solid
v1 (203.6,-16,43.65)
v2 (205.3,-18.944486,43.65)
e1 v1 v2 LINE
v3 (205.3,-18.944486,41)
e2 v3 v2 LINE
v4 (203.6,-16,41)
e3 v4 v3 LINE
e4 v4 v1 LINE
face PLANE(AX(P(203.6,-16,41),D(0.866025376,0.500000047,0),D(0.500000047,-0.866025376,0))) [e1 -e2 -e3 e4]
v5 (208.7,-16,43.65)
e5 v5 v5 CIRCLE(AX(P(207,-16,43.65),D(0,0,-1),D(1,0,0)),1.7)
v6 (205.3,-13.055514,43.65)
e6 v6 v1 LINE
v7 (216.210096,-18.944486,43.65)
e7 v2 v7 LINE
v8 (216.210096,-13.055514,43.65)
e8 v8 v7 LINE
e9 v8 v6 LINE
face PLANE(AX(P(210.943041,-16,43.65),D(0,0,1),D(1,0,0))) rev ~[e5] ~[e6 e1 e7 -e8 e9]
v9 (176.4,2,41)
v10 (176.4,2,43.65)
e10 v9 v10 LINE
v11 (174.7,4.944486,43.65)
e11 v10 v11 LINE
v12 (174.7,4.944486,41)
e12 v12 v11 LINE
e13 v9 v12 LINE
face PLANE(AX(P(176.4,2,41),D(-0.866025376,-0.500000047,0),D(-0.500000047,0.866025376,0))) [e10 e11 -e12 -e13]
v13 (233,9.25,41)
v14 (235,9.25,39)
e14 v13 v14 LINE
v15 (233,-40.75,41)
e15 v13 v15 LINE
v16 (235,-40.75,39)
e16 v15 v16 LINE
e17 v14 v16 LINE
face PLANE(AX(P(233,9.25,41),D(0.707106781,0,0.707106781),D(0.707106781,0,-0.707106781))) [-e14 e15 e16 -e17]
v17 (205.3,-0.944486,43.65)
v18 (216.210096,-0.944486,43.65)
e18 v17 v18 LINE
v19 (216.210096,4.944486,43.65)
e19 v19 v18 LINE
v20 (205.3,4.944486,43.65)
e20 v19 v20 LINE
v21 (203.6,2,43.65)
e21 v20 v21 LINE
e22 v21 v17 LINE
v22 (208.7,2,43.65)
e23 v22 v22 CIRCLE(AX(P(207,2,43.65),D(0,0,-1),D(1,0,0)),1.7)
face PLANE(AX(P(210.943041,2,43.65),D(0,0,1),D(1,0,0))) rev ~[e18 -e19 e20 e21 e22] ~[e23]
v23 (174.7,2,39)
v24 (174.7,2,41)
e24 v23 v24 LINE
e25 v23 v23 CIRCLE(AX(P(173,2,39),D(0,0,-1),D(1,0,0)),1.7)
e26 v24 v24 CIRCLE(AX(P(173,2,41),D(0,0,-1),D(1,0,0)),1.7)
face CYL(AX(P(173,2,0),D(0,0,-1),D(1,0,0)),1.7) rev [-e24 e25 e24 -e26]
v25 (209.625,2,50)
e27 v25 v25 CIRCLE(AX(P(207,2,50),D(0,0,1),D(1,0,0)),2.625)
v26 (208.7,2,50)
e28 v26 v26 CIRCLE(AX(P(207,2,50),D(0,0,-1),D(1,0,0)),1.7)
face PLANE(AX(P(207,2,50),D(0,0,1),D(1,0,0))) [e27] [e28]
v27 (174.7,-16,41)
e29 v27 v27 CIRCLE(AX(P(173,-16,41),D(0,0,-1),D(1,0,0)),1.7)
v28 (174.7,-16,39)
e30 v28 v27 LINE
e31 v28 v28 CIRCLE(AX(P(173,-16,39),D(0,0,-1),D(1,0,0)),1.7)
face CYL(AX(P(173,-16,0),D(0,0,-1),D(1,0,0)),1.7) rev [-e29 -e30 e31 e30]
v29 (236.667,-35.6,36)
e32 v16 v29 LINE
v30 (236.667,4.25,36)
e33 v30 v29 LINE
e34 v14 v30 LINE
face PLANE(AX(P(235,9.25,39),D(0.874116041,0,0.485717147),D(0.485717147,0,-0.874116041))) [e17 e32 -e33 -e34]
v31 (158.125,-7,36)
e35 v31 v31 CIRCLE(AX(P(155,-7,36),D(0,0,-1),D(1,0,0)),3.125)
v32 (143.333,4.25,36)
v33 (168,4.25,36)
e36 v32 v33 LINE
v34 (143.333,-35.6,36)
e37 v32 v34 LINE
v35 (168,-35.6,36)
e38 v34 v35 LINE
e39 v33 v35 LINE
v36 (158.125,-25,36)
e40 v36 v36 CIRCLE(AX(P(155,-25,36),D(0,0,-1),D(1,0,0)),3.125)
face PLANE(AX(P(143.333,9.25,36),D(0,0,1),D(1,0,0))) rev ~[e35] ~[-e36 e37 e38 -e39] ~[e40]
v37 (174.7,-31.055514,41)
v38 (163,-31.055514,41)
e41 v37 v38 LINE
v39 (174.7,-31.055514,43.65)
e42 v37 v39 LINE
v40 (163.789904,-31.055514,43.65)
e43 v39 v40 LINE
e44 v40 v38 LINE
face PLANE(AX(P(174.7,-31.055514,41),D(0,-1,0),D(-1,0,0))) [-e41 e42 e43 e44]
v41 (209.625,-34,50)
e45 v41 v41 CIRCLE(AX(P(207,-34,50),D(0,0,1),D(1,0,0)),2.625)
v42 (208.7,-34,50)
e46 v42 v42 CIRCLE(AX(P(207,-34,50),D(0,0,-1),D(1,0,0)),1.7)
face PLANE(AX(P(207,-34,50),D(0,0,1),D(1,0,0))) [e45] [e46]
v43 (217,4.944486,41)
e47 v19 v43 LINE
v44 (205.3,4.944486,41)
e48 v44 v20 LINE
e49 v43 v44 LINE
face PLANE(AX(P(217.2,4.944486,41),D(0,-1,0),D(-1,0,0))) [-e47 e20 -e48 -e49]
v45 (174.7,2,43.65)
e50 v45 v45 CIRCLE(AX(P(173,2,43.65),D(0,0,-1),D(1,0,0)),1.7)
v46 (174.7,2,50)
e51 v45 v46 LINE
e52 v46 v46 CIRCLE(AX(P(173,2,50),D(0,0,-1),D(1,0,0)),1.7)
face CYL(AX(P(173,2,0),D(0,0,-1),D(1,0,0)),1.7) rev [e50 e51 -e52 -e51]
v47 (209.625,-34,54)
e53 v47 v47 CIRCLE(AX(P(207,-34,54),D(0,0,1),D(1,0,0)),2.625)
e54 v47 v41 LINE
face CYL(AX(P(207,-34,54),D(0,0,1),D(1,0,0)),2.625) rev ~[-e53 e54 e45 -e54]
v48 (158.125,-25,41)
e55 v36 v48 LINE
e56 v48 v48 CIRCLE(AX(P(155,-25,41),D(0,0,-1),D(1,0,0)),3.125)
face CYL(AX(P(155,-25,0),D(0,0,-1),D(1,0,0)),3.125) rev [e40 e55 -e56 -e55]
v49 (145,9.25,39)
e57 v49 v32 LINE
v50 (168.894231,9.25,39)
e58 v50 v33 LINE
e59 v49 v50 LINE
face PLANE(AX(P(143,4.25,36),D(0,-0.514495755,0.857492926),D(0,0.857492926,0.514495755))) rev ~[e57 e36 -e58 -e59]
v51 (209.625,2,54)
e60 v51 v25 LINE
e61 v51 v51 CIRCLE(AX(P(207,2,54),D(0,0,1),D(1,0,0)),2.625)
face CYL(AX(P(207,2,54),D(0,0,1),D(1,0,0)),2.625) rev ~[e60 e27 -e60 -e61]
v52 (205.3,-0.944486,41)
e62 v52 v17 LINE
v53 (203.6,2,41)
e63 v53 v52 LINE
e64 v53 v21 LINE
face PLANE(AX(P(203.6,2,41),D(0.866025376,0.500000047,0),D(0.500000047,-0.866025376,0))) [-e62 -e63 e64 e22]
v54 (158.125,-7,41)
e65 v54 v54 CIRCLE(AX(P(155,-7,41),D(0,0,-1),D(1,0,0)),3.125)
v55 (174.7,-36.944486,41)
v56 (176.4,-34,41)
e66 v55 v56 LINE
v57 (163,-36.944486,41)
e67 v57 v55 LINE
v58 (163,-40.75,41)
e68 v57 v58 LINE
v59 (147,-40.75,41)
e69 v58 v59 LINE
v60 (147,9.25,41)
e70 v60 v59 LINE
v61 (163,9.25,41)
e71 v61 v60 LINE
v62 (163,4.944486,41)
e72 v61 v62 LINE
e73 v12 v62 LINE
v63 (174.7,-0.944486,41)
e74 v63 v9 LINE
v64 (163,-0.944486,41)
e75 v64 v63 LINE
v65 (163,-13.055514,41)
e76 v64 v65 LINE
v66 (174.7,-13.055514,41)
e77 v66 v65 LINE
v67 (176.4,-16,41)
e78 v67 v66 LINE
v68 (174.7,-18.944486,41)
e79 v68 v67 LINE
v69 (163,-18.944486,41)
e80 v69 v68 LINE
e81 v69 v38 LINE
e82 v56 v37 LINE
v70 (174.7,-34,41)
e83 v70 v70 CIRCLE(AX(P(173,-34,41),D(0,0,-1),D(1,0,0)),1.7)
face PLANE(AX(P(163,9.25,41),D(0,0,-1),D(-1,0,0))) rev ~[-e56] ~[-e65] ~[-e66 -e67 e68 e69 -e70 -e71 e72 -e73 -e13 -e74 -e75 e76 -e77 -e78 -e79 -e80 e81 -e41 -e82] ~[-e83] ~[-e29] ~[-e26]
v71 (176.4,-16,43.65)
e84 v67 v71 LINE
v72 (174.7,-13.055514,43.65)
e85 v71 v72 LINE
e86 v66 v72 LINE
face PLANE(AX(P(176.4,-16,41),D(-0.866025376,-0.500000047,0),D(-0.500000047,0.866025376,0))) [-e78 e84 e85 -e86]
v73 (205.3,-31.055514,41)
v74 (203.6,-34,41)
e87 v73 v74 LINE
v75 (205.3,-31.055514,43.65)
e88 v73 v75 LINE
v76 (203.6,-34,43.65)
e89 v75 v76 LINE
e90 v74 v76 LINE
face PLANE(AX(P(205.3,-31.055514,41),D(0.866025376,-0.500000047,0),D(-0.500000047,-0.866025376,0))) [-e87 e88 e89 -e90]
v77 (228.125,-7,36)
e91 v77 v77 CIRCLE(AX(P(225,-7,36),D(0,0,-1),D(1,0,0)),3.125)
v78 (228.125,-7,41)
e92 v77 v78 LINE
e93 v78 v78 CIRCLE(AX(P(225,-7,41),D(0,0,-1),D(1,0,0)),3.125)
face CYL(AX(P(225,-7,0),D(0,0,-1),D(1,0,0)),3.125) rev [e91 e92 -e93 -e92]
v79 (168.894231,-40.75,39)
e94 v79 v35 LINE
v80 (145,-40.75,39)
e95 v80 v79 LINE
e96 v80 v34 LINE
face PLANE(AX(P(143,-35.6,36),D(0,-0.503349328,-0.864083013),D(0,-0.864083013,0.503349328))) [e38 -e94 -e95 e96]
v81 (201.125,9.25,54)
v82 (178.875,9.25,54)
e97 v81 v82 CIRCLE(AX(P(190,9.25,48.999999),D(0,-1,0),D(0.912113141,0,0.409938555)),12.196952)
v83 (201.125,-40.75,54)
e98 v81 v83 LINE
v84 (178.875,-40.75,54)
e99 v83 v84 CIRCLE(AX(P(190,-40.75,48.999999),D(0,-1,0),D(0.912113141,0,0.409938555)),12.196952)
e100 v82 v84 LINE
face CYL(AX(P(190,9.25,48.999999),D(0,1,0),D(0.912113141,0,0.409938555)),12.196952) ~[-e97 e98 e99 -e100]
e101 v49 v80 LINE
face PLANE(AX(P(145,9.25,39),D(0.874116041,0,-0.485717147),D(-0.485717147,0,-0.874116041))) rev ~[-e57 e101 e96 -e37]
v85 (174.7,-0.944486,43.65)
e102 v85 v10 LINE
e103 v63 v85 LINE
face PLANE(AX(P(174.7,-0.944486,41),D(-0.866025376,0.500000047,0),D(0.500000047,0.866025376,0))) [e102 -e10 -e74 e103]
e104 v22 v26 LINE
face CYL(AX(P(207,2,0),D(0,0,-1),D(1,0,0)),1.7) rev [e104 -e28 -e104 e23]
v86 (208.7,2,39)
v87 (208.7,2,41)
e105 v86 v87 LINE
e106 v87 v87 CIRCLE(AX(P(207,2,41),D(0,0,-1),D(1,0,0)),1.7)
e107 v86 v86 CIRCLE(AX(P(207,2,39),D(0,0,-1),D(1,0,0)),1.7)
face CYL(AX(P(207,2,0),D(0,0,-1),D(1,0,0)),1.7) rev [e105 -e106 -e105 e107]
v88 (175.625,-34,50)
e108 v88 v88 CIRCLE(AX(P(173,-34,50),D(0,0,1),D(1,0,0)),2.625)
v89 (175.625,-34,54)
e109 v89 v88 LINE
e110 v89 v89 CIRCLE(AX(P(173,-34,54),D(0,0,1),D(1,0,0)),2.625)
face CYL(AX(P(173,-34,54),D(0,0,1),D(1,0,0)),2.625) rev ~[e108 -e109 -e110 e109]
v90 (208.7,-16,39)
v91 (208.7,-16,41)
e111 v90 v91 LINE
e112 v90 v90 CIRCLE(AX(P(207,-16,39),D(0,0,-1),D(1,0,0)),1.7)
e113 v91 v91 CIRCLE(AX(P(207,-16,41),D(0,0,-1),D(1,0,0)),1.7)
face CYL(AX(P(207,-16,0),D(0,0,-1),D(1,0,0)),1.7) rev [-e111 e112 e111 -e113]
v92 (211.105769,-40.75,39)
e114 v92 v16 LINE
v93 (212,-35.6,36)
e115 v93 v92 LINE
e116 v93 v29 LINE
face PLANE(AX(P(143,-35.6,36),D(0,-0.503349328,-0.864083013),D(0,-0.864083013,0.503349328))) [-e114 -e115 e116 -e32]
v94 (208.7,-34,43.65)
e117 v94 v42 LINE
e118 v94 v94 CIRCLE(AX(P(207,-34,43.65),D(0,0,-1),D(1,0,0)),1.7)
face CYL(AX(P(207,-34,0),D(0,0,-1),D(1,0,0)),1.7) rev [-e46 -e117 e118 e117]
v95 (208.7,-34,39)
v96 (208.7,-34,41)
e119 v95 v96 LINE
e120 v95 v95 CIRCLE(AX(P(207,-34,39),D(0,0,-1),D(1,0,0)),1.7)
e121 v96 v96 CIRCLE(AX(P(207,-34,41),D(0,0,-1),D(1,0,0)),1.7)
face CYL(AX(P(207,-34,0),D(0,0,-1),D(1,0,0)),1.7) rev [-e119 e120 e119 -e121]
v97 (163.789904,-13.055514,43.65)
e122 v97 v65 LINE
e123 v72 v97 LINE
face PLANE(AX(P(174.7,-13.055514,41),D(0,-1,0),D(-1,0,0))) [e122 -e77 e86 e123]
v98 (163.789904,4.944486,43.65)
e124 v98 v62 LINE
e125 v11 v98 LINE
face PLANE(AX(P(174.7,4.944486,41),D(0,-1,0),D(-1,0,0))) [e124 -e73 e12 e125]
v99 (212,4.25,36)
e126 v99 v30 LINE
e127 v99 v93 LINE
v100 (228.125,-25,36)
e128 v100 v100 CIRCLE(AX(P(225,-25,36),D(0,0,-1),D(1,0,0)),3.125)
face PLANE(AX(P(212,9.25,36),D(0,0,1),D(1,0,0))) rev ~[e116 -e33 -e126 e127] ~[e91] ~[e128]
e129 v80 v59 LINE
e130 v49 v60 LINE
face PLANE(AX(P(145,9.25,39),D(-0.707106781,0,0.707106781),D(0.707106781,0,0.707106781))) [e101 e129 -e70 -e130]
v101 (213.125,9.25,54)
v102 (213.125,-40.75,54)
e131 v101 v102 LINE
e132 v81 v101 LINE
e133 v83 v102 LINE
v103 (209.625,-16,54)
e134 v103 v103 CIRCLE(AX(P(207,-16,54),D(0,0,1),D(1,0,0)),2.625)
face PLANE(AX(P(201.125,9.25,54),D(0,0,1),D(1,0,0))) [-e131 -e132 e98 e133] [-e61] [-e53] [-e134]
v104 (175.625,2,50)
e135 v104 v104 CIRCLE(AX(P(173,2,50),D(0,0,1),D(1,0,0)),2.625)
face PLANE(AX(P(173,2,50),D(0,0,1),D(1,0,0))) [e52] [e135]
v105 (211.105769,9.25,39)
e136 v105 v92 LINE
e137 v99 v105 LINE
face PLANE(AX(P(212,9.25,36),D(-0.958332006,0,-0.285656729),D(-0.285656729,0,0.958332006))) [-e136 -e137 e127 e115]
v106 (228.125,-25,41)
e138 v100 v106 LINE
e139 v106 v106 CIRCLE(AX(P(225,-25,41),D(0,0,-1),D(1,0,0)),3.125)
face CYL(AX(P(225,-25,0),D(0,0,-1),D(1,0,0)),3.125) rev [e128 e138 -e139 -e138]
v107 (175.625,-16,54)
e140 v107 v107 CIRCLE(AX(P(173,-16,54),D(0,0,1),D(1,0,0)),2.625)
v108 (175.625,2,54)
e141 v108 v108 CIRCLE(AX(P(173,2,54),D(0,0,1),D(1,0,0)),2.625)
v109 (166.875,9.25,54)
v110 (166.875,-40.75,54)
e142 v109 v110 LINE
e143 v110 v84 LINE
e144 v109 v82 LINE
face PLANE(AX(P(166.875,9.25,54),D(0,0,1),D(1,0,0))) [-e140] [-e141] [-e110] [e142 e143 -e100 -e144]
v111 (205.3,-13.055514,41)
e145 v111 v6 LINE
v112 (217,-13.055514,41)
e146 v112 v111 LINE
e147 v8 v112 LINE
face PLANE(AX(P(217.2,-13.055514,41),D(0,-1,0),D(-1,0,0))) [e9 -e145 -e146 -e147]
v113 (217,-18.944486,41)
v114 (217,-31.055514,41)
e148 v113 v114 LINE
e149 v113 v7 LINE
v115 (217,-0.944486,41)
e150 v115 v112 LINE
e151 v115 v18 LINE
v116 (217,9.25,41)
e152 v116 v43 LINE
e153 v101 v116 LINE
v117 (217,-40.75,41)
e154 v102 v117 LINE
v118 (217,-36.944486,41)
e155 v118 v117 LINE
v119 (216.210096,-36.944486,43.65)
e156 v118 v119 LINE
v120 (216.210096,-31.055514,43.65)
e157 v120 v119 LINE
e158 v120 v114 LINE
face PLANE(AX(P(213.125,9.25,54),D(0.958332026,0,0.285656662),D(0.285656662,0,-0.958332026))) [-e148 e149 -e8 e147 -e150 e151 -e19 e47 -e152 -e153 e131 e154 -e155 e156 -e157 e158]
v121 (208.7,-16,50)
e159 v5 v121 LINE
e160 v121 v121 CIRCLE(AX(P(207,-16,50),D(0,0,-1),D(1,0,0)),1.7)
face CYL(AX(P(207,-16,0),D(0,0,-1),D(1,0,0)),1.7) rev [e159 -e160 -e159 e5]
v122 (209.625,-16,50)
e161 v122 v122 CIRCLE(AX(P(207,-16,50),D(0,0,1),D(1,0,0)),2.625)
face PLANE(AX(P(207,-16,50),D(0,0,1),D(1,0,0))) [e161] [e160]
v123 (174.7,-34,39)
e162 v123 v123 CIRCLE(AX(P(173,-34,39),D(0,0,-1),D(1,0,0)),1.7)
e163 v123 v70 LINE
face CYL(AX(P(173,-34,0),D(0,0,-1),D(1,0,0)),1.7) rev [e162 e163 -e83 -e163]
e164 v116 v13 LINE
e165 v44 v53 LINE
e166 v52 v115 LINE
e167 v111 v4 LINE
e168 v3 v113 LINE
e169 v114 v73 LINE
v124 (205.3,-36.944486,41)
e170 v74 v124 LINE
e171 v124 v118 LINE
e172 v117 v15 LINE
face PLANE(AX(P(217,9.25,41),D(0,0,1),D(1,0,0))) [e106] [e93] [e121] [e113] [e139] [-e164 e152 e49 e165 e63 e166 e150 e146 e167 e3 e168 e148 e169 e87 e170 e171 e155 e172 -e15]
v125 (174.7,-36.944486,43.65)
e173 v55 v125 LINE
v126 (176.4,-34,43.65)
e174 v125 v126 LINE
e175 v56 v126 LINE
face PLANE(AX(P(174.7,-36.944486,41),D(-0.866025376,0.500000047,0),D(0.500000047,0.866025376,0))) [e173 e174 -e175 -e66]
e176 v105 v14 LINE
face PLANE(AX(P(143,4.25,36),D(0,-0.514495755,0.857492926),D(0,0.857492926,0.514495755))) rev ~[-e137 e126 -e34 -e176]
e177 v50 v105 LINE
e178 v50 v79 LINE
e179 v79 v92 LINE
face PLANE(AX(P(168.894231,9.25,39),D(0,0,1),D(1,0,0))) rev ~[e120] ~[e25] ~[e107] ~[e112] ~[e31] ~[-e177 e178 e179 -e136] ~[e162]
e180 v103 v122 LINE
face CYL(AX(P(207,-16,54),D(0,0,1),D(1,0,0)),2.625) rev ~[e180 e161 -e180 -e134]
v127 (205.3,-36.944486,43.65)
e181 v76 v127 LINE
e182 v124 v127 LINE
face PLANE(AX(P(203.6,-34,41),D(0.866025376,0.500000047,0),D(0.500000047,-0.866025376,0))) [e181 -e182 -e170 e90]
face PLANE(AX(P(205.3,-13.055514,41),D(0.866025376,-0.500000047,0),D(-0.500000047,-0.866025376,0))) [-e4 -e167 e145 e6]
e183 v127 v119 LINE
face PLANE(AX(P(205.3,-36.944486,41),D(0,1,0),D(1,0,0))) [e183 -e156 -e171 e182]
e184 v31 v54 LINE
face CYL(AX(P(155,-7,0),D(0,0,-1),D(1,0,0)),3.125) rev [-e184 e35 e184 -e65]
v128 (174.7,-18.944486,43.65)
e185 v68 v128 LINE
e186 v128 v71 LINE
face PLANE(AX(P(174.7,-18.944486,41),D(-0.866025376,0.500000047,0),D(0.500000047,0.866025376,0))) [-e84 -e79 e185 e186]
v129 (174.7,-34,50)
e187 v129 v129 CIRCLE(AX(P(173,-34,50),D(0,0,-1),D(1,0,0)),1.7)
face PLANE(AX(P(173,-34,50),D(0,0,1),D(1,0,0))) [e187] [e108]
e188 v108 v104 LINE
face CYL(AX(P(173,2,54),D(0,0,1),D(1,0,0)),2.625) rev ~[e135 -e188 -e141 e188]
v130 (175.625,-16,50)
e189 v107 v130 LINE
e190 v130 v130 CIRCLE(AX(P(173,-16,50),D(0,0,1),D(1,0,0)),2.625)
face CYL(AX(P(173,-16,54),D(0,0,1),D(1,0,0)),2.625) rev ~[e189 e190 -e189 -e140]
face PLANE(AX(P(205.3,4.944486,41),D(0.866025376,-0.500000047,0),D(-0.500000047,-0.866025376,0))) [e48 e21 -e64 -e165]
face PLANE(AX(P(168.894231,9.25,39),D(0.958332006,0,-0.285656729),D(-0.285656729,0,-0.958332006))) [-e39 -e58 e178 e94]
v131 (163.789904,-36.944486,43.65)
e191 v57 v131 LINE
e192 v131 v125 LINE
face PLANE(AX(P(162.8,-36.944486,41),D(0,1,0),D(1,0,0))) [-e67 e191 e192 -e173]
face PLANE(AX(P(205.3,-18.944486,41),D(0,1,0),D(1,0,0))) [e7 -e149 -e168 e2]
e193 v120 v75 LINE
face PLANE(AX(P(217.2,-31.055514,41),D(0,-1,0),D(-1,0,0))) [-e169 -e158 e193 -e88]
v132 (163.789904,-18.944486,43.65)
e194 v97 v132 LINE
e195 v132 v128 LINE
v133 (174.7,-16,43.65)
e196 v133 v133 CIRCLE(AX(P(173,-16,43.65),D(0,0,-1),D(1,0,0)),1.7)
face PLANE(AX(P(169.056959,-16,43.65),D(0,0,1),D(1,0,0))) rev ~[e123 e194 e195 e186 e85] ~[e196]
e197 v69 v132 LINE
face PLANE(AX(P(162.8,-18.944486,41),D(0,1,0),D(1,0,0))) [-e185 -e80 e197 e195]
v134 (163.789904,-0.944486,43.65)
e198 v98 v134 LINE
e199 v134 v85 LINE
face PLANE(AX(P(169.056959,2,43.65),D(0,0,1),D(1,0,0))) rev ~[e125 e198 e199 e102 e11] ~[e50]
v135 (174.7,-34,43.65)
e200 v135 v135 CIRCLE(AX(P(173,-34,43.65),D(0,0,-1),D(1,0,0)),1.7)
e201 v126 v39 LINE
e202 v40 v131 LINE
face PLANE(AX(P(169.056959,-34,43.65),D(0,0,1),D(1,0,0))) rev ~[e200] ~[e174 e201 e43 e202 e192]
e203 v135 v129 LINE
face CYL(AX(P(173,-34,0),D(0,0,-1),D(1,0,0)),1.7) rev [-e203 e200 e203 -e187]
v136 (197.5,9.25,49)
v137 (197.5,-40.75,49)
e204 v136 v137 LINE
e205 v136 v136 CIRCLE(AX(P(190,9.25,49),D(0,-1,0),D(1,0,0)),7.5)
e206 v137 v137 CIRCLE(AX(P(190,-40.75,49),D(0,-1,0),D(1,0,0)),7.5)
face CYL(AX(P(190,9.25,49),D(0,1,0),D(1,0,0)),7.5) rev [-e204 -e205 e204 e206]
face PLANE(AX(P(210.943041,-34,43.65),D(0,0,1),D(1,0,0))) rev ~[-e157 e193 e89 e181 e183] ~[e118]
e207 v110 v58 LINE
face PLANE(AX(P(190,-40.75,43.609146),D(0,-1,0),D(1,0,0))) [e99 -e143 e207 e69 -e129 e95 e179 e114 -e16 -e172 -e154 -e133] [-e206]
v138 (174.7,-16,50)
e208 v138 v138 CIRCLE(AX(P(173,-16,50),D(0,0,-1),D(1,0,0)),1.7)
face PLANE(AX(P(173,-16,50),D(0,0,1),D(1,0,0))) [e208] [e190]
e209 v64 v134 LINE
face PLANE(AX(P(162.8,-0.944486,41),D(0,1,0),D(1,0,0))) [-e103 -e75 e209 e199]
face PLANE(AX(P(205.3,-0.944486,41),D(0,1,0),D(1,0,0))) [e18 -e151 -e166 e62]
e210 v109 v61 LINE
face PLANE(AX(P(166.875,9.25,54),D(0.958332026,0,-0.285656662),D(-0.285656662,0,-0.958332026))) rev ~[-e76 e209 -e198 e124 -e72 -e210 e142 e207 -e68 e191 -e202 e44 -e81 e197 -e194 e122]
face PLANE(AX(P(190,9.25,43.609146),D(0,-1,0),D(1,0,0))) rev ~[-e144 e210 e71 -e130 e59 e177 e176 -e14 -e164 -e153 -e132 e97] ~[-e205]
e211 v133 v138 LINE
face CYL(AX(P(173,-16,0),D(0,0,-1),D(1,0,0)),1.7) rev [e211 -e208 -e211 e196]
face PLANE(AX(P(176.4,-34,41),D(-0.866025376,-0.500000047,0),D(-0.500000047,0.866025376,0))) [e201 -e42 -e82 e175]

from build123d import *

# Parameters (mm, degrees)
SKETCH001_R     = 7.5
PAD_DEPTH       = 50
POCKET_DEPTH    = 93.668
SKETCH002_R     = 3.125
POCKET001_DEPTH = 61.197951
SKETCH003_R     = 1.7
POCKET002_DEPTH = 61.197951
SKETCH004_R     = 2.625
POCKET003_DEPTH = 4
POCKET004_DEPTH = 2.65
SKETCH006_W     = 90
SKETCH006_H     = 15
POCKET005_DEPTH = 5


with BuildPart() as part:
    # Sketch001 → Pad (new body)
    with BuildSketch(Plane.XZ.offset(-9.25)):
        with BuildLine():
            Line((168.894231, 39), (211.105769, 39))
            Line((212, 36), (211.105769, 39))
            Line((212, 36), (236.667, 36))
            Line((235, 39), (236.667, 36))
            Line((233, 41), (235, 39))
            Line((217, 41), (233, 41))
            Line((213.125, 54), (217, 41))
            Line((201.125, 54), (213.125, 54))
            ThreePointArc((201.125, 54), (190, 61.196951), (178.875, 54))
            Line((166.875, 54), (178.875, 54))
            Line((166.875, 54), (163, 41))
            Line((163, 41), (147, 41))
            Line((145, 39), (147, 41))
            Line((145, 39), (143.333, 36))
            Line((143.333, 36), (168, 36))
            Line((168.894231, 39), (168, 36))
        make_face()
        with Locations((190, 49)):
            Circle(SKETCH001_R, mode=Mode.SUBTRACT)
    extrude(amount=PAD_DEPTH)

    # Sketch → Pocket (cut, through all)
    with BuildSketch(Plane.YZ.offset(143)):
        Polygon((4.25, 36), (9.25, 39), (9.25, 36), align=None)
        Polygon((-35.6, 36), (-40.75, 39), (-40.75, 36), align=None)
    extrude(amount=POCKET_DEPTH, mode=Mode.SUBTRACT)

    # Sketch002 → Pocket001 (cut, through all)
    with BuildSketch(Plane.XY):
        with Locations((155, -7)):
            Circle(SKETCH002_R)
        with Locations((155, -25)):
            Circle(SKETCH002_R)
        with Locations((225, -7)):
            Circle(SKETCH002_R)
        with Locations((225, -25)):
            Circle(SKETCH002_R)
    extrude(amount=POCKET001_DEPTH, mode=Mode.SUBTRACT)

    # Sketch003 → Pocket002 (cut, through all)
    with BuildSketch(Plane.XY):
        with Locations((173, 2)):
            Circle(SKETCH003_R)
        with Locations((173, -16)):
            Circle(SKETCH003_R)
        with Locations((173, -34)):
            Circle(SKETCH003_R)
        with Locations((207, 2)):
            Circle(SKETCH003_R)
        with Locations((207, -16)):
            Circle(SKETCH003_R)
        with Locations((207, -34)):
            Circle(SKETCH003_R)
    extrude(amount=POCKET002_DEPTH, mode=Mode.SUBTRACT)

    # Sketch004 → Pocket003 (cut)
    with BuildSketch(Plane.XY.offset(54)):
        with Locations((173, 2)):
            Circle(SKETCH004_R)
        with Locations((207, -16)):
            Circle(SKETCH004_R)
        with Locations((173, -16)):
            Circle(SKETCH004_R)
        with Locations((173, -34)):
            Circle(SKETCH004_R)
        with Locations((207, -34)):
            Circle(SKETCH004_R)
        with Locations((207, 2)):
            Circle(SKETCH004_R)
    extrude(amount=-POCKET003_DEPTH, mode=Mode.SUBTRACT)

    # Sketch005 → Pocket004 (cut)
    with BuildSketch(Plane.XY.offset(41)):
        Polygon((174.7, 4.944486), (171.3, 4.944486), (162.8, 4.944486), (162.8, -0.944486), (171.3, -0.944486), (174.7, -0.944486), (176.4, 2), align=None)
        Polygon((176.4, -16), (174.7, -13.055514), (171.3, -13.055514), (162.8, -13.055514), (162.8, -18.944486), (171.3, -18.944486), (174.7, -18.944486), align=None)
        Polygon((176.4, -34), (174.7, -31.055514), (171.3, -31.055514), (162.8, -31.055514), (162.8, -36.944486), (171.3, -36.944486), (174.7, -36.944486), align=None)
        Polygon((203.6, 2), (205.3, -0.944486), (208.7, -0.944486), (217.2, -0.944486), (217.2, 4.944486), (208.7, 4.944486), (205.3, 4.944486), align=None)
        Polygon((203.6, -16), (205.3, -18.944486), (208.7, -18.944486), (217.2, -18.944486), (217.2, -13.055514), (208.7, -13.055514), (205.3, -13.055514), align=None)
        Polygon((203.6, -34), (205.3, -36.944486), (208.7, -36.944486), (217.2, -36.944486), (217.2, -31.055514), (208.7, -31.055514), (205.3, -31.055514), align=None)
    extrude(amount=POCKET004_DEPTH, mode=Mode.SUBTRACT)

    # Sketch006 → Pocket005 (cut)
    with BuildSketch(Plane.XZ.offset(-26.5)):
        with Locations((190, 54.5)):
            Rectangle(SKETCH006_W, SKETCH006_H)
    extrude(amount=POCKET005_DEPTH, mode=Mode.SUBTRACT)


solid = part.part
